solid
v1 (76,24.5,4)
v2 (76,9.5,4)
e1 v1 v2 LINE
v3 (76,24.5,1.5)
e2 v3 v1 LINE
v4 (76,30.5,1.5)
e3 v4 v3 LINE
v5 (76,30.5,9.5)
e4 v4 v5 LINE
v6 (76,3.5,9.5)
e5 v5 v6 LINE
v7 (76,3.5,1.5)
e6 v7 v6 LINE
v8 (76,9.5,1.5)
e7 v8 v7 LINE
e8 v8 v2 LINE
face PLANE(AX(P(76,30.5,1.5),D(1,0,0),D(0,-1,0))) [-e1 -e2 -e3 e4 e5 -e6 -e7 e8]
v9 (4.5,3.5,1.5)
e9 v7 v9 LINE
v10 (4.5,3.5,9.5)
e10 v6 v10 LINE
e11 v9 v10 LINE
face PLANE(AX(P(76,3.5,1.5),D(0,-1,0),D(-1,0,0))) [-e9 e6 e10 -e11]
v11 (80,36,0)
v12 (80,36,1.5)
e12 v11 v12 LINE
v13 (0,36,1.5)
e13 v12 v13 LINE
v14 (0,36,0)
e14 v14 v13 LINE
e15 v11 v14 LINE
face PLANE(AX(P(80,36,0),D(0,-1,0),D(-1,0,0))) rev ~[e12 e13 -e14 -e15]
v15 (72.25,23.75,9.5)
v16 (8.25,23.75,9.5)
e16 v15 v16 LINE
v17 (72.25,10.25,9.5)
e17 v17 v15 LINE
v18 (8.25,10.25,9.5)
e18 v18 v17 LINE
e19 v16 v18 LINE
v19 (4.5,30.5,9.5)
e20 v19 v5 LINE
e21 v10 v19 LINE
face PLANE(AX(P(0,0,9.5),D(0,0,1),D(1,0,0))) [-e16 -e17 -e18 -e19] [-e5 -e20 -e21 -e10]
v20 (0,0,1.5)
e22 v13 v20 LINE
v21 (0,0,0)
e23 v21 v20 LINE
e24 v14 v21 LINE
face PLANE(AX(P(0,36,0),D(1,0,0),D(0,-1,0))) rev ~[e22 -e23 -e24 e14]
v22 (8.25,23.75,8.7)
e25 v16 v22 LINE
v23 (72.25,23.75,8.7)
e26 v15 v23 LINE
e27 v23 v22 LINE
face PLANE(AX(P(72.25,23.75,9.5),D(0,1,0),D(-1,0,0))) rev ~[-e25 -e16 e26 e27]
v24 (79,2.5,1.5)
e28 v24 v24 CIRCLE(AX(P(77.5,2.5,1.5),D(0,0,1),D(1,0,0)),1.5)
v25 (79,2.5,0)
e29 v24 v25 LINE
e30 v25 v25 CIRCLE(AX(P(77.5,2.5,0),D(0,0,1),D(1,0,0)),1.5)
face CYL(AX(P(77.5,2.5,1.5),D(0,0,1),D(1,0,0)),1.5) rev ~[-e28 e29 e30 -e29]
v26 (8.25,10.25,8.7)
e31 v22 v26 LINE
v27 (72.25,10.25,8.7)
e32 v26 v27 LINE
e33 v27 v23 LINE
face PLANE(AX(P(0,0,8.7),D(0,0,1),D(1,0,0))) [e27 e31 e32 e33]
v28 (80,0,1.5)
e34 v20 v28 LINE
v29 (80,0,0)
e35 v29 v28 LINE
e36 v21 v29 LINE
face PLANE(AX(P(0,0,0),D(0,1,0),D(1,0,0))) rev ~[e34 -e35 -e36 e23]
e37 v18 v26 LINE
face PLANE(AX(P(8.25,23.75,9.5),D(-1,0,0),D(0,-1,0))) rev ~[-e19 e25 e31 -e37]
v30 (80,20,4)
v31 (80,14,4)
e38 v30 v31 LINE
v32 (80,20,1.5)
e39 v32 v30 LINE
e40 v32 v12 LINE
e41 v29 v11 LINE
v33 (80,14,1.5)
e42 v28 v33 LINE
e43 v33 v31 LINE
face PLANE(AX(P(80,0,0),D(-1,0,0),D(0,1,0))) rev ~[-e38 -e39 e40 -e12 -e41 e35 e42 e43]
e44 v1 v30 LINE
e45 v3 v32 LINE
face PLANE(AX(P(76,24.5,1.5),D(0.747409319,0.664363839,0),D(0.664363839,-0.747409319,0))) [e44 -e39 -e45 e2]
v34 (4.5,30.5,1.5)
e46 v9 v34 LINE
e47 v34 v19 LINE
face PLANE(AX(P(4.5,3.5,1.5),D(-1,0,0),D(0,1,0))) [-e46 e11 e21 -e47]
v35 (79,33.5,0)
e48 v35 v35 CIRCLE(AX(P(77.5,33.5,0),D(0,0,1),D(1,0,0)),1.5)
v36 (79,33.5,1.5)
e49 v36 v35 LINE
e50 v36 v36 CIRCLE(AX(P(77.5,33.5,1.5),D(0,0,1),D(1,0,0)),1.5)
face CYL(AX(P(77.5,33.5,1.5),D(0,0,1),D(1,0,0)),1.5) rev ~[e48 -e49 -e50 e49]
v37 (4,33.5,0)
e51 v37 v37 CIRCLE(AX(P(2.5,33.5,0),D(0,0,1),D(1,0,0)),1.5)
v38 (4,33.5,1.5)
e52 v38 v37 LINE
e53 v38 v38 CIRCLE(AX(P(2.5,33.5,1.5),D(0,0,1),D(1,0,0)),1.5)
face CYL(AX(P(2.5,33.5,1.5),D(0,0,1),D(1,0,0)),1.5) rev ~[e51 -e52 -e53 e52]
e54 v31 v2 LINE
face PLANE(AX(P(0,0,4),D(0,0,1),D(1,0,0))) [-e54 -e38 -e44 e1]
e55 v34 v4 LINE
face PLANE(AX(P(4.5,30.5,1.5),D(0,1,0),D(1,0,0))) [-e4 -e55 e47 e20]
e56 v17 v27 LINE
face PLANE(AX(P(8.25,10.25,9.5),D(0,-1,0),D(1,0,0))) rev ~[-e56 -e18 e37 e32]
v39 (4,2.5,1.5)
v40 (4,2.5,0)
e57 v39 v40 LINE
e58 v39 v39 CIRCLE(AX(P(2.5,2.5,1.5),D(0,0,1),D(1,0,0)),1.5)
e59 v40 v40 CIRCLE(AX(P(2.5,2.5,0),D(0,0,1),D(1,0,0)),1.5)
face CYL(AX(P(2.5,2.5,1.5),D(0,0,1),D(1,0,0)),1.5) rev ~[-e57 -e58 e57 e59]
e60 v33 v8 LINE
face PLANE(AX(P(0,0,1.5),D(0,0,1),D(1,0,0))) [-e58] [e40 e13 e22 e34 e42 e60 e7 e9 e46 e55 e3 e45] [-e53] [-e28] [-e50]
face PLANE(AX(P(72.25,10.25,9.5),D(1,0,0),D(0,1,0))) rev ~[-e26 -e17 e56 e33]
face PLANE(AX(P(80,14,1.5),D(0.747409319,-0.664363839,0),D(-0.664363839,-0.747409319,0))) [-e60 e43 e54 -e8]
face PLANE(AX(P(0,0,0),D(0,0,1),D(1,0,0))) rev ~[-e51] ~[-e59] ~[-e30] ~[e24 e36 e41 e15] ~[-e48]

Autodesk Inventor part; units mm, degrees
ref_plane "YZ Plane" through (0, 0, 0) normal (1, 0, 0) x (0, 1, 0)
ref_plane "XZ Plane" through (0, 0, 0) normal (0, 1, 0) x (-1, 0, 0)
ref_plane "XY Plane" through (0, 0, 0) normal (0, 0, 1) x (1, 0, 0)
sketch "스케치1" plane through (0, 0, 0) normal (0, 0, 1) x (1, 0, 0)
  line L0 (0, 0) -> (80, 0)
  line L1 (80, 0) -> (80, 36)
  line L2 (80, 36) -> (0, 36)
  line L3 (0, 36) -> (0, 0)
  dimension "d0" = 80
  dimension "d1" = 36
extrude "돌출1" add sketch "스케치1" along normal blind 1.5
sketch "스케치2" plane through (0, 0, 1.5) normal (0, 0, 1) x (1, 0, 0)
  line L0 (80, 36) -> (0, 36) projected
  line L1 (0, 36) -> (0, 0) projected
  line L2 (4.5, 30.5) -> (76, 30.5)
  line L3 (76, 30.5) -> (76, 3.5)
  line L4 (76, 3.5) -> (4.5, 3.5)
  line L5 (4.5, 3.5) -> (4.5, 30.5)
  dimension "d4" = 71.5
  dimension "d5" = 27
  dimension "d6" = 5.5
  dimension "d7" = 4.5
extrude "돌출2" add sketch "스케치2" along normal blind 8
sketch "스케치3" plane through (0, 0, 1.5) normal (0, 0, 1) x (1, 0, 0)
  line L0 (76, 30.5) -> (76, 3.5) projected
  line L1 (76, 24.5) -> (76, 9.5)
  line L2 (80, 20) -> (80, 14)
  line L3 (76, 24.5) -> (80, 20)
  line L4 (80, 14) -> (76, 9.5)
  point P0 (80, 36)
  point P1 (76, 17)
  point P2 (80, 17)
  point P3 (76, 17)
  dimension "d10" = 15
  dimension "d11" = 6
extrude "돌출3" add sketch "스케치3" along normal blind 2.5
sketch "스케치5" plane through (0, 0, 9.5) normal (0, 0, 1) x (1, 0, 0)
  line L0 (76, 30.5) -> (4.5, 30.5) projected
  line L1 (4.5, 30.5) -> (4.5, 3.5) projected
  line L2 (72.25, 23.75) -> (8.25, 23.75)
  line L3 (8.25, 23.75) -> (8.25, 10.25)
  line L4 (8.25, 10.25) -> (72.25, 10.25)
  line L5 (72.25, 10.25) -> (72.25, 23.75)
  line L6 (72.25, 23.75) -> (8.25, 10.25) construction
  line L7 (8.25, 23.75) -> (72.25, 10.25) construction
  point P0 (0, 0)
  point P1 (40.25, 17)
  point P2 (40.25, 17)
  point P3 (4.5, 17)
  point P4 (40.25, 17)
  point P5 (40.25, 30.5)
  dimension "d15" = 64
  dimension "d16" = 13.5
extrude "돌출4" cut sketch "스케치5" against normal blind 0.8
sketch "스케치6" plane through (0, 0, 1.5) normal (0, 0, 1) x (1, 0, 0)
  line L0 (80, 20) -> (80, 36) projected
  line L1 (80, 36) -> (0, 36) projected
  line L2 (0, 36) -> (0, 0) projected
  line L3 (0, 0) -> (80, 0) projected
  circle A0 centre (2.5, 33.5) radius 1.5
  circle A1 centre (77.5, 33.5) radius 1.5
  circle A2 centre (77.5, 2.5) radius 1.5
  circle A3 centre (2.5, 2.5) radius 1.5
  dimension "d19" = 80
  dimension "d20" = 3
  dimension "d21" = 3
  dimension "d22" = 3
  dimension "d23" = 3
  dimension "d24" = 1
  dimension "d25" = 1
  dimension "d26" = 1
  dimension "d27" = 1
extrude "돌출5" cut sketch "스케치6" against normal through all
sketch "스케치7" plane through (0, 0, 9.5) normal (0, 0, 1) x (1, 0, 0)
  line L0 (8.25, 10.25) -> (8.25, 23.75) projected
  line L1 (8.25, 23.75) -> (72.25, 23.75) projected
  line L2 (72.25, 23.75) -> (72.25, 10.25) projected
  line L3 (72.25, 10.25) -> (8.25, 10.25) projected
  line L4 (76, 30.5) -> (4.5, 30.5) projected
  line L5 (4.5, 30.5) -> (4.5, 3.5) projected
  line L6 (4.5, 3.5) -> (76, 3.5) projected
  line L7 (76, 3.5) -> (76, 30.5) projected
  circle A0 centre (77.5, 2.5) radius 1.5 projected
  circle A1 centre (2.5, 33.5) radius 1.5 projected
  circle A2 centre (77.5, 33.5) radius 1.5 projected
  circle A3 centre (2.5, 2.5) radius 1.5 projected
  line L8 (76, 24.5) -> (80, 20) projected
  line L9 (80, 20) -> (80, 36) projected
  line L10 (80, 36) -> (0, 36) projected
  line L11 (0, 36) -> (0, 0) projected
  line L12 (0, 0) -> (80, 0) projected
  line L13 (80, 0) -> (80, 14) projected
  line L14 (80, 14) -> (76, 9.5) projected
  line L15 (76, 9.5) -> (76, 3.5) projected
  line L16 (76, 3.5) -> (4.5, 3.5) projected
  line L17 (4.5, 3.5) -> (4.5, 30.5) projected
  line L18 (4.5, 30.5) -> (76, 30.5) projected
  line L19 (76, 30.5) -> (76, 24.5) projected
  line L20 (2.5, 33.5) -> (77.5, 33.5)
  line L21 (77.5, 33.5) -> (77.5, 2.5)
  line L22 (77.5, 2.5) -> (2.5, 2.5)
  line L23 (2.5, 2.5) -> (2.5, 33.5)
  line L24 (40, 33.5) -> (40, -15.5556)
  line L25 (2.5, 18) -> (93.9243, 18)
  line L26 (8.25, 17) -> (83.8017, 17) construction
  line L27 (40.25, 23.75) -> (40.25, -12.7239) construction
  line L28 (40, 18) -> (40.25, 18)
  line L29 (40.25, 18) -> (40.25, 17)
  dimension "d30" = 80
  dimension "d31" = 36
  dimension "d32" = 75
  dimension "d33" = 31
  dimension "d34" = 71.5
  dimension "d35" = 27
  dimension "d36" = 1
  dimension "d37" = 0.25
properties part number "1806LCD"
